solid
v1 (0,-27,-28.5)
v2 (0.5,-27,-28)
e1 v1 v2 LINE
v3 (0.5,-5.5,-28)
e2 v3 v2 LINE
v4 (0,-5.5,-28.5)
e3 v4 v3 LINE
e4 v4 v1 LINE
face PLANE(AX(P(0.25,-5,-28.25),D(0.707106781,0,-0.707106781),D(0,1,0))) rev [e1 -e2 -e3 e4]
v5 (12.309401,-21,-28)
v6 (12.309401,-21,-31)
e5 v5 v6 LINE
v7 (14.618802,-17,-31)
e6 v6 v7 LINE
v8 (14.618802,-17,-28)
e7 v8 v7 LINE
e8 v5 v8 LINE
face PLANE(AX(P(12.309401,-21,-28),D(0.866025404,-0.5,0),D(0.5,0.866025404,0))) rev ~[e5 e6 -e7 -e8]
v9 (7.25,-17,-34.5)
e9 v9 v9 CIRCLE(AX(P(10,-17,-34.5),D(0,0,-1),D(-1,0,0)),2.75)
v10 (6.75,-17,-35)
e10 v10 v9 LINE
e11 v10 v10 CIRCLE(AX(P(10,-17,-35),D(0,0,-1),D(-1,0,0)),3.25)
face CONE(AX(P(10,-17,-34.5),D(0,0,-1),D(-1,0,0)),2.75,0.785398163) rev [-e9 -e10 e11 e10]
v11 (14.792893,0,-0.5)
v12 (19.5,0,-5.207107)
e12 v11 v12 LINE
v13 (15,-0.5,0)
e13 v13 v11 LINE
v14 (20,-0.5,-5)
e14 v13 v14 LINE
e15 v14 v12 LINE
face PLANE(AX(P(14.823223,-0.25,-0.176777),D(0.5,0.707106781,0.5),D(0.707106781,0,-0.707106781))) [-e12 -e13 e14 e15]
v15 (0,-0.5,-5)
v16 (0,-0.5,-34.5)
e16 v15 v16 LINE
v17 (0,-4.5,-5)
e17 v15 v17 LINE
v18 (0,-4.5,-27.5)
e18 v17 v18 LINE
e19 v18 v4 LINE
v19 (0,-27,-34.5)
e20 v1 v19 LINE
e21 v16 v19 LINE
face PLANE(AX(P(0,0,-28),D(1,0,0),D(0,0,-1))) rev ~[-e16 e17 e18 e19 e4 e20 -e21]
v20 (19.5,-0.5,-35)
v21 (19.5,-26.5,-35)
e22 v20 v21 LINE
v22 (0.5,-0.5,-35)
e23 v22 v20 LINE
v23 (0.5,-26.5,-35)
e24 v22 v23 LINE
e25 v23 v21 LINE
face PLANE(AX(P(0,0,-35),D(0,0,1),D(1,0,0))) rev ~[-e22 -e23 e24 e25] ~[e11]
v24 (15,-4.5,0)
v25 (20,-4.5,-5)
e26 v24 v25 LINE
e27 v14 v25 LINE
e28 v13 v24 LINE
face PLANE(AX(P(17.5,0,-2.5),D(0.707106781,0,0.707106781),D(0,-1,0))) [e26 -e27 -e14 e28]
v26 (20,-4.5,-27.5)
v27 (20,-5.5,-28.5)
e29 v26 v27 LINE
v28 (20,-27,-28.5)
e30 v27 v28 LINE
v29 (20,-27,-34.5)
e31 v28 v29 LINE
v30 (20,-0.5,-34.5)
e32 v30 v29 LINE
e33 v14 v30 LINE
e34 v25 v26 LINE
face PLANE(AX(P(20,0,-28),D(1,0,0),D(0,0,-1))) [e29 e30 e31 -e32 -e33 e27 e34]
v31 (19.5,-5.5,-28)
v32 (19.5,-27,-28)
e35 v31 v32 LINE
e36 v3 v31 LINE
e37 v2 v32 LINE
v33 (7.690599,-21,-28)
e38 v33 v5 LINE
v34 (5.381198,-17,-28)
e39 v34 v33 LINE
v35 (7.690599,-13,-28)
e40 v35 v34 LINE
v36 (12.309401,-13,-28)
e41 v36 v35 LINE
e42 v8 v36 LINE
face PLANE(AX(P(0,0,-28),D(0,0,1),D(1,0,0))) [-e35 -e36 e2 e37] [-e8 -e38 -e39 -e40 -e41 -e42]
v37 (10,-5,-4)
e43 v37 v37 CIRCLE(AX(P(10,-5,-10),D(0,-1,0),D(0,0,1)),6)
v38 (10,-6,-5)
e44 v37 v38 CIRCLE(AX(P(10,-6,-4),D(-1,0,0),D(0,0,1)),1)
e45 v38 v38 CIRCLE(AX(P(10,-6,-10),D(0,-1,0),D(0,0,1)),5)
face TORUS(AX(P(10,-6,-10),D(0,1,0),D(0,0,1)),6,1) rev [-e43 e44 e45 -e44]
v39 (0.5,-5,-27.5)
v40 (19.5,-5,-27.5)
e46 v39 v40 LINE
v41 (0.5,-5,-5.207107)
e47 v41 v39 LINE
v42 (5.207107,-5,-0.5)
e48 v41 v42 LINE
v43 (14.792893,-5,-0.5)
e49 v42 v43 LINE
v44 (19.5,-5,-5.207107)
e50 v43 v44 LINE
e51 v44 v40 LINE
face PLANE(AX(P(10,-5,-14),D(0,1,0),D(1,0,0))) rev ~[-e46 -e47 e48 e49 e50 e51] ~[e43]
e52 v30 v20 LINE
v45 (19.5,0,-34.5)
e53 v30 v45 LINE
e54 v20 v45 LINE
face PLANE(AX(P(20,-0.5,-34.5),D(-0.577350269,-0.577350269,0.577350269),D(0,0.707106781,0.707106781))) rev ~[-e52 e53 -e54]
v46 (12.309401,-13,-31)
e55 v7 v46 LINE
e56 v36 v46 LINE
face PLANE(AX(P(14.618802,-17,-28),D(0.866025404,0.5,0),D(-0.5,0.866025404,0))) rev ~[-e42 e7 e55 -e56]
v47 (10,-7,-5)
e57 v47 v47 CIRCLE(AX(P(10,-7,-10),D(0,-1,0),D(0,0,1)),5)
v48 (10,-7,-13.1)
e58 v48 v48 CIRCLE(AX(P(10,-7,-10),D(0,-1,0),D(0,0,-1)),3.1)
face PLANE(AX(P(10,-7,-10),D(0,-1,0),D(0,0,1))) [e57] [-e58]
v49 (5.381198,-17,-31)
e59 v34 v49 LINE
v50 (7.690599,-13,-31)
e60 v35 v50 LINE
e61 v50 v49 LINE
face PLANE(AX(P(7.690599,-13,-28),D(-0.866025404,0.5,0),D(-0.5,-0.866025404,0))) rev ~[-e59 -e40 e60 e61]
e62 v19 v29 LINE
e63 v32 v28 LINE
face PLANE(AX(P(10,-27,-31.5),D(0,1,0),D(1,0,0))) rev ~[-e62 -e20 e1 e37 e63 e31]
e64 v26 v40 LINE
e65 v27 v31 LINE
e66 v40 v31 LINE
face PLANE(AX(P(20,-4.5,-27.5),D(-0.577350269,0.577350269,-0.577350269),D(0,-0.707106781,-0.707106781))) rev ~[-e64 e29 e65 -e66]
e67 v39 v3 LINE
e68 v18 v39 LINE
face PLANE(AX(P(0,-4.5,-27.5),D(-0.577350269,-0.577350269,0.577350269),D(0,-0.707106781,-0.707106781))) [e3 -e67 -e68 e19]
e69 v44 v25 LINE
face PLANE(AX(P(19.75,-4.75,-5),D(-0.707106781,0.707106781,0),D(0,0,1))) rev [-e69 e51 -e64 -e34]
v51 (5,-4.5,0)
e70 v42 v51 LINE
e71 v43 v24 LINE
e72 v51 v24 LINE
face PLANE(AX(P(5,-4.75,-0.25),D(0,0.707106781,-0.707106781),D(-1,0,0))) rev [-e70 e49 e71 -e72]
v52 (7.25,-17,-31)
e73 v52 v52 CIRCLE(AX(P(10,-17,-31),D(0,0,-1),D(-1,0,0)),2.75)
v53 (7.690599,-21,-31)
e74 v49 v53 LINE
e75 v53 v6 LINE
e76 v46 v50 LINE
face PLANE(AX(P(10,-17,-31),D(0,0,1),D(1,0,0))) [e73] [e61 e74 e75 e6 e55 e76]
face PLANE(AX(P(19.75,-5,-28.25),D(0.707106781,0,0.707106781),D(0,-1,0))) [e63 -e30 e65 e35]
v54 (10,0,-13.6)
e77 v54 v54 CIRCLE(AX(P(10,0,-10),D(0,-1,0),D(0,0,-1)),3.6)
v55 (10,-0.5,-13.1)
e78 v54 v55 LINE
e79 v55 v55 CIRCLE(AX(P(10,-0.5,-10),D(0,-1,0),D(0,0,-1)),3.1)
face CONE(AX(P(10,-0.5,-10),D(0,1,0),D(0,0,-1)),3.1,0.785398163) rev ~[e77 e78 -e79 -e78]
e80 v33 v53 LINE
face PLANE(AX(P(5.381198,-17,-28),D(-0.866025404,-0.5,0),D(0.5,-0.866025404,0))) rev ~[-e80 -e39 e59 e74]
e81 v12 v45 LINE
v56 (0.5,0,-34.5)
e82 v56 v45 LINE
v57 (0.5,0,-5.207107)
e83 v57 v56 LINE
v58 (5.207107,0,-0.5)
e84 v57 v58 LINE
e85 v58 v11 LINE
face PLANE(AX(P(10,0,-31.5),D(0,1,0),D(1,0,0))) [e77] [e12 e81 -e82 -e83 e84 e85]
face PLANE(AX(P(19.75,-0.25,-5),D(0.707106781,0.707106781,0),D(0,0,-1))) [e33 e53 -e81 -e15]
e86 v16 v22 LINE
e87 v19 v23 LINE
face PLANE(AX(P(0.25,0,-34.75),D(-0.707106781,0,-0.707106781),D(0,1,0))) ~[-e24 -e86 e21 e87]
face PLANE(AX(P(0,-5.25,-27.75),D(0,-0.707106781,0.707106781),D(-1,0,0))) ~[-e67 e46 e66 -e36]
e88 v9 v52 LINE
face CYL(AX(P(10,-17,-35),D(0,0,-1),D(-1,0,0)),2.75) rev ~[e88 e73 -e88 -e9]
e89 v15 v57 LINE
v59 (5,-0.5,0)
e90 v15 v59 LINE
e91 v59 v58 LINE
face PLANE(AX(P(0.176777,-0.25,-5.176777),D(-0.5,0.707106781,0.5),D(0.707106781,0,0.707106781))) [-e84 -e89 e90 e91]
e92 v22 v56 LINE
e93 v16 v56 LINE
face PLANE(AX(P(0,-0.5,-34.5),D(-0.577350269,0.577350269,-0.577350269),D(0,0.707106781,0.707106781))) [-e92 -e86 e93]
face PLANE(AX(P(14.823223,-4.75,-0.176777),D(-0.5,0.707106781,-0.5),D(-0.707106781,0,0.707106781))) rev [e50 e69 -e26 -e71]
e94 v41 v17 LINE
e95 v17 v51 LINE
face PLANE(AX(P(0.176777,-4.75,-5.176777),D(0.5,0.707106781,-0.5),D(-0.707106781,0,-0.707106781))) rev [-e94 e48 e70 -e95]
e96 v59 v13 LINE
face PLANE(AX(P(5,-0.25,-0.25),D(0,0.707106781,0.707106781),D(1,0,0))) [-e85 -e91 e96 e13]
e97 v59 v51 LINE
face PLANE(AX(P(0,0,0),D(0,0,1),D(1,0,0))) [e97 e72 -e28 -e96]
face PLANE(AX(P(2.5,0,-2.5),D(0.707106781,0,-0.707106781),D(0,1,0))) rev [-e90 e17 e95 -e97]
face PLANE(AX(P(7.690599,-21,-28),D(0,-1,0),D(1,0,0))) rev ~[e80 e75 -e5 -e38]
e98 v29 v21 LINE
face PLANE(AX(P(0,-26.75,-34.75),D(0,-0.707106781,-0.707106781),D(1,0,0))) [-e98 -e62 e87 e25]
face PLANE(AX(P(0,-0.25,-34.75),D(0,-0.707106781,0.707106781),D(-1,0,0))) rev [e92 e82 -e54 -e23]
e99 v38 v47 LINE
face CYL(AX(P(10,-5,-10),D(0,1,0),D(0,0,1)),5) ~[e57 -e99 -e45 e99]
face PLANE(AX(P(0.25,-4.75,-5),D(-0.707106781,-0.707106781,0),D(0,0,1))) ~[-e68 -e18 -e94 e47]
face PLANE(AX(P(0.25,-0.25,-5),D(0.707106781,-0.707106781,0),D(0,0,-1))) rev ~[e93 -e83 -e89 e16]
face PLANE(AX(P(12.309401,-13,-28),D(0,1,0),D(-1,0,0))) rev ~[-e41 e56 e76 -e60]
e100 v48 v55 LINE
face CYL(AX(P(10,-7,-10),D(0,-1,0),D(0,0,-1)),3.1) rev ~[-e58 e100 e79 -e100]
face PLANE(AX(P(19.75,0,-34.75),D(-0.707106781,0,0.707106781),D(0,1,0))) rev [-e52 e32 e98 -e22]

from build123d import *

# Parameters (mm, degrees)
SKETCH_1_W          = 20
SKETCH_1_H          = 28
EXTRUDE_1_DEPTH     = 5
SKETCH_1_3_W        = 20
SKETCH_1_3_H        = 7
EXTRUDE_2_DEPTH     = 27
SKETCH_2_R          = 5
EXTRUDE_3_DEPTH     = 2
SKETCH_5_R          = 2.75
CUT_EXTRUDE_2_DEPTH = 49.518037883
FILLET_1_R          = 1
SKETCH_6_R          = 3.1
CUT_EXTRUDE_3_DEPTH = 46
CUT_EXTRUDE_4_DEPTH = 3
CHAMFER_1_SIZE      = 5
CHAMFER_2_SIZE      = 0.5


with BuildPart() as part:
    # 草图1 → 凸台-拉伸1 (new body)
    with BuildSketch(Plane(origin=(0, 0, 0), x_dir=(1, 0, 0), z_dir=(0, 1, 0))):
        with Locations((10, 14)):
            Rectangle(SKETCH_1_W, SKETCH_1_H)
    extrude(amount=-EXTRUDE_1_DEPTH)

    # 草图1<3> → 凸台-拉伸2 (add)
    with BuildSketch(Plane(origin=(0, 0, 0), x_dir=(1, 0, 0), z_dir=(0, 1, 0))):
        with Locations((10, 31.5)):
            Rectangle(SKETCH_1_3_W, SKETCH_1_3_H)
    extrude(amount=-EXTRUDE_2_DEPTH)

    # 草图2 → 凸台-拉伸3 (add)
    with BuildSketch(Plane.XZ.offset(5)):
        with Locations(Location((10, -10, 0), (0, 0, 90))):
            Circle(SKETCH_2_R)
    extrude(amount=EXTRUDE_3_DEPTH)

    # 草图5 → 切除-拉伸2 (cut, through all)
    with BuildSketch(Plane(origin=(0, 0, -35), x_dir=(-1, 0, 0), z_dir=(0, 0, -1))):
        with Locations((-10, -17)):
            Circle(SKETCH_5_R)
    extrude(amount=-CUT_EXTRUDE_2_DEPTH, mode=Mode.SUBTRACT)

    # 圆角1
    fillet_1_edges = [part.edges().sort_by_distance(p)[0] for p in [
        (10, -5, -15),
    ]]
    fillet(fillet_1_edges, radius=FILLET_1_R)

    # 草图6 → 切除-拉伸3 (cut, through all)
    with BuildSketch(Plane.XZ.offset(7)):
        with Locations(Location((10, -10, 0), (0, 0, 270))):
            Circle(SKETCH_6_R)
    extrude(amount=-CUT_EXTRUDE_3_DEPTH, mode=Mode.SUBTRACT)

    # 草图7 → 切除-拉伸4 (cut)
    with BuildSketch(Plane.XY.offset(-28)):
        Polygon((14.618802154, -17), (12.309401077, -13), (7.690598923, -13), (5.381197846, -17), (7.690598923, -21), (12.309401077, -21), align=None)
    extrude(amount=-CUT_EXTRUDE_4_DEPTH, mode=Mode.SUBTRACT)

    # 倒角1
    chamfer_1_edges = [part.edges().sort_by_distance(p)[0] for p in [
        (0, -2.5, 0),
        (20, -2.5, 0),
    ]]
    chamfer(chamfer_1_edges, length=CHAMFER_1_SIZE)

    # 倒角2
    chamfer_2_edges = [part.edges().sort_by_distance(p)[0] for p in [
        (20, -16, -28),
        (0, -16, -28),
        (10, 0, -35),
        (10, -5, -28),
        (0, -13.5, -35),
        (20, -13.5, -35),
        (10, -27, -35),
        (12.75, -17, -35),
        (10, 0, -6.9),
        (10, 0, 0),
        (10, -5, 0),
        (20, 0, -20),
        (0, 0, -20),
        (2.5, 0, -2.5),
        (17.5, 0, -2.5),
        (20, -5, -16.5),
        (0, -5, -16.5),
        (2.5, -5, -2.5),
        (17.5, -5, -2.5),
    ]]
    chamfer(chamfer_2_edges, length=CHAMFER_2_SIZE)


solid = part.part
